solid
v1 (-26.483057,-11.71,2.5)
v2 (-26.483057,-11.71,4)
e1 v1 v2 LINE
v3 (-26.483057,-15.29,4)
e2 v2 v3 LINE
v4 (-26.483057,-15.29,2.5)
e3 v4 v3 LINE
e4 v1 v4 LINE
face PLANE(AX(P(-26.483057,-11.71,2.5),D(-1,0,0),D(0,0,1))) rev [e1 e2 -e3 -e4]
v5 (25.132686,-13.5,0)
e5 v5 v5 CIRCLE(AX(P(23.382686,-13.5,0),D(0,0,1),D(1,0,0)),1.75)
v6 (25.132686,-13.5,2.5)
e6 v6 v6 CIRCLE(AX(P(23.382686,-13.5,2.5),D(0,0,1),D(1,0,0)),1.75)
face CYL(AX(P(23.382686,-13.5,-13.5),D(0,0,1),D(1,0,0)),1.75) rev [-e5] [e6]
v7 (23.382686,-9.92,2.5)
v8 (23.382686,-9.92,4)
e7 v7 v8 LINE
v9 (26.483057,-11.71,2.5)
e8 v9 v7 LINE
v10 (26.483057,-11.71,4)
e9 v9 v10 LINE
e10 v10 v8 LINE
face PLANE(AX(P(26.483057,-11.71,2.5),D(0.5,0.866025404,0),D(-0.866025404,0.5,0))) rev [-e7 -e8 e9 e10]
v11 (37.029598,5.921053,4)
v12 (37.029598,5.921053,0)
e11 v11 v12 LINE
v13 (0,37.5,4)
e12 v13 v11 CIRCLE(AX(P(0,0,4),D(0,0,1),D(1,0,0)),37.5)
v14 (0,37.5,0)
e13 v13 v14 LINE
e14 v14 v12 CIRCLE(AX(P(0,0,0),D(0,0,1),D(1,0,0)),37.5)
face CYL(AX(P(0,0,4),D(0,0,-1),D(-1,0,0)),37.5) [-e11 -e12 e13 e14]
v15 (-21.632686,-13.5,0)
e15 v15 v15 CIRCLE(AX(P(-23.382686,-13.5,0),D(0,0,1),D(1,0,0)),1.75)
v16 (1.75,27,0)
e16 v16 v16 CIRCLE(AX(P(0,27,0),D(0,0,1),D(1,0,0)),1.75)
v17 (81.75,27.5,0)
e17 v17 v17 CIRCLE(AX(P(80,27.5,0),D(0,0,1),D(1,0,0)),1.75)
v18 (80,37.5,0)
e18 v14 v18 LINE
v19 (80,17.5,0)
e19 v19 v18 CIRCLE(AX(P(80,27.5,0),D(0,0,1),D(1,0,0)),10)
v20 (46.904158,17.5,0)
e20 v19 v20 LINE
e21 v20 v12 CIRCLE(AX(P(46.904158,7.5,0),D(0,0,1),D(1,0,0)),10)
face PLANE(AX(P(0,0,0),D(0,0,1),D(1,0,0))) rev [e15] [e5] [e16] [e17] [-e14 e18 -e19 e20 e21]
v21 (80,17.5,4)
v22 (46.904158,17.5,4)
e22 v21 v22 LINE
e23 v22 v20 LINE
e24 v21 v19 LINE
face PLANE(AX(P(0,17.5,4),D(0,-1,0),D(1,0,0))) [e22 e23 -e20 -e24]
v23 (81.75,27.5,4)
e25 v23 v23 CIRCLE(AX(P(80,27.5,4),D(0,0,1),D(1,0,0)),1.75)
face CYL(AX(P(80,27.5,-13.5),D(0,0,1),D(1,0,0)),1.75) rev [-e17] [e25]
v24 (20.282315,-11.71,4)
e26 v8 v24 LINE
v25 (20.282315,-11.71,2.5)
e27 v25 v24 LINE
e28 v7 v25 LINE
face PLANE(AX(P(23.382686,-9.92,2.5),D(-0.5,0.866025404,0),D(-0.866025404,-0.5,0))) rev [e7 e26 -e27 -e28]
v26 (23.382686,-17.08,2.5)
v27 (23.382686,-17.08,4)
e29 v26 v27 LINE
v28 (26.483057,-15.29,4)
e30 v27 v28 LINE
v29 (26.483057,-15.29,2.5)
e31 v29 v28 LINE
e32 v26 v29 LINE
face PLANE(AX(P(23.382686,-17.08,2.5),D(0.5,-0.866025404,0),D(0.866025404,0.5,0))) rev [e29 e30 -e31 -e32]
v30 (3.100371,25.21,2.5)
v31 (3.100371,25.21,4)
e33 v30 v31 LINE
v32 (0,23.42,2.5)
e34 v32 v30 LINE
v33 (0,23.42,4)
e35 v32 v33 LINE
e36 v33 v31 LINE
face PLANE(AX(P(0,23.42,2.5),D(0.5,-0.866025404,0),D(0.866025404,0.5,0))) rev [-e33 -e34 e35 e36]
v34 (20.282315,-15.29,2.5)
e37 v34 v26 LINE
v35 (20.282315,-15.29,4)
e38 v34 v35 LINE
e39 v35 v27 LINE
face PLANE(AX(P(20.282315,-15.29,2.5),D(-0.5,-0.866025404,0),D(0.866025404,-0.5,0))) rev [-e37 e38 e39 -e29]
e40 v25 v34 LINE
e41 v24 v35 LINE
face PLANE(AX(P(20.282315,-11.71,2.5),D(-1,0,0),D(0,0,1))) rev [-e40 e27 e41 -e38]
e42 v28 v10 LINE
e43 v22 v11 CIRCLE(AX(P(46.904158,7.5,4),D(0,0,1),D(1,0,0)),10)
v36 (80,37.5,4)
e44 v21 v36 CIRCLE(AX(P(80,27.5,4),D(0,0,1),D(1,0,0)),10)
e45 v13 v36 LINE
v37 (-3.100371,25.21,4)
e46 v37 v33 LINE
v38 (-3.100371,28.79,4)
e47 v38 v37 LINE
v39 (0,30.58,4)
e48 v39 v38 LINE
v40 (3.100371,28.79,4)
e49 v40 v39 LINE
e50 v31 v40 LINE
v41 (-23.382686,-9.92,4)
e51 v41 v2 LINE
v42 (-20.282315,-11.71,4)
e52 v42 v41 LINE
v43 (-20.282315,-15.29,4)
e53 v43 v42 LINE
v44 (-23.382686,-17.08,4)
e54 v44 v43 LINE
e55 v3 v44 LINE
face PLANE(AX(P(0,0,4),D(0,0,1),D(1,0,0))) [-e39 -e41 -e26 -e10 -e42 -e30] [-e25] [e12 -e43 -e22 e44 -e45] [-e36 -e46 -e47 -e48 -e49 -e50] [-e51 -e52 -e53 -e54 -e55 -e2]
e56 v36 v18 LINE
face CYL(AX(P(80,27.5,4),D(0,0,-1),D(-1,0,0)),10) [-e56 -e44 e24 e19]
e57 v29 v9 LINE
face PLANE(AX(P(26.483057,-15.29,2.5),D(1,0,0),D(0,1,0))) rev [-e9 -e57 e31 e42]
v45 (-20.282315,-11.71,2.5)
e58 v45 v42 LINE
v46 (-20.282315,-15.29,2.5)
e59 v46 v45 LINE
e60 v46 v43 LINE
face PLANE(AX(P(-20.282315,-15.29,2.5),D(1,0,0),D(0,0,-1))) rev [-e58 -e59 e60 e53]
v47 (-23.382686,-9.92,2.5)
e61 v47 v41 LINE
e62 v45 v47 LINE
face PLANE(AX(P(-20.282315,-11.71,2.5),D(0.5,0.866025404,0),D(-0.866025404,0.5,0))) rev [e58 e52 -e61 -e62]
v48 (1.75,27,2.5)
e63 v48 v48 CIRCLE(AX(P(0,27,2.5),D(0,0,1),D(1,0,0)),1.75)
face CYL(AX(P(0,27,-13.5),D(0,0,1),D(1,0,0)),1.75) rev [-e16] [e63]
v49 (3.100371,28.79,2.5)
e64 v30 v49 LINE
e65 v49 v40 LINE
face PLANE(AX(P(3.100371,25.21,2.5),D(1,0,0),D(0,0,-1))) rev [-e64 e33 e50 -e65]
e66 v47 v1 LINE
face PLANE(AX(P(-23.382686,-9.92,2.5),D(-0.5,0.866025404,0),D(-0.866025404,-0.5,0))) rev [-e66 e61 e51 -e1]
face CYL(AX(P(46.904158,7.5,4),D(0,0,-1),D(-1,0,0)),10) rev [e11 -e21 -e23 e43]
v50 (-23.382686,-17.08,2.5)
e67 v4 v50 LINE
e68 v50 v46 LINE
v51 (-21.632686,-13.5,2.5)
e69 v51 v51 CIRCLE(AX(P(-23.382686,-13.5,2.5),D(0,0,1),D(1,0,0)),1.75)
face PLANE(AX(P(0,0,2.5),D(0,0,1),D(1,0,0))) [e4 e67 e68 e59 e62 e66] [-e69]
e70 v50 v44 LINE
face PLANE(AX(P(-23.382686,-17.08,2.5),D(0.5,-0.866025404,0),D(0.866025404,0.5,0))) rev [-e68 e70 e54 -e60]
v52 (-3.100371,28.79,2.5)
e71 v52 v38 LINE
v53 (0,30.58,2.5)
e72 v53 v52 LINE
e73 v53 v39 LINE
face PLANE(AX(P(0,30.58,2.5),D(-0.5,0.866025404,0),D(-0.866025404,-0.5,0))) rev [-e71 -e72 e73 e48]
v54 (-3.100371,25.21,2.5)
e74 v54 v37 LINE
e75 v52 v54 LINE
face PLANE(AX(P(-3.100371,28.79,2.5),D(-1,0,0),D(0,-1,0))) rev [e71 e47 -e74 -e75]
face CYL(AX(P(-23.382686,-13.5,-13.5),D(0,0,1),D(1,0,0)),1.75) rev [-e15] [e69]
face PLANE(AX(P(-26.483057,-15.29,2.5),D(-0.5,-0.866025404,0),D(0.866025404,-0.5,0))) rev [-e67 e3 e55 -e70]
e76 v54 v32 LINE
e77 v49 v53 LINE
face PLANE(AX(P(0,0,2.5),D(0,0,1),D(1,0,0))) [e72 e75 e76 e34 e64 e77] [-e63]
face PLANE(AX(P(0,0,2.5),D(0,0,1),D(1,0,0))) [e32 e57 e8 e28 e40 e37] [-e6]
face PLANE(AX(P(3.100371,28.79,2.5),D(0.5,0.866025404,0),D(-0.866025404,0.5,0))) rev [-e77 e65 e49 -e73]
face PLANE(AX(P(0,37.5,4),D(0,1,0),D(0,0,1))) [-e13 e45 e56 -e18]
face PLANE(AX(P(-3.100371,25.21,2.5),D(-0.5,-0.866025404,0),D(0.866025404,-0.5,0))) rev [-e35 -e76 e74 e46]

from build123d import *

# Parameters (mm, degrees)
BOSS_EXTRUDE1_DEPTH = 4
CUT_EXTRUDE1_DEPTH  = 1.5
SKETCH4_R           = 1.75
CUT_EXTRUDE3_DEPTH  = 17.5
SKETCH5_R           = 1.75
CUT_EXTRUDE4_DEPTH  = 17.5


with BuildPart() as part:
    # Sketch2 → Boss-Extrude1 (new body)
    with BuildSketch(Plane.XY):
        with BuildLine():
            Line((80, 37.5), (0, 37.5))
            ThreePointArc((0, 37.5), (-34.824248161, -13.911209149), (25.837194647, -27.178840534))
            ThreePointArc((25.837194647, -27.178840534), (35.524064233, -12.01211307), (37.029598104, 5.921052632))
            ThreePointArc((37.029598104, 5.921052632), (39.295298496, 13.988856845), (46.904157598, 17.5))
            Line((46.904157598, 17.5), (80, 17.5))
            ThreePointArc((80, 17.5), (90, 27.5), (80, 37.5))
        make_face()
    extrude(amount=BOSS_EXTRUDE1_DEPTH)

    # Sketch3 → Cut-Extrude1 (cut)
    with BuildSketch(Plane.XY.offset(4)):
        Polygon((26.483056848, -15.29), (26.483056848, -11.71), (23.382685902, -9.92), (20.282314957, -11.71), (20.282314957, -15.29), (23.382685902, -17.08), align=None)
        Polygon((0, 30.58), (-3.100370946, 28.79), (-3.100370946, 25.21), (0, 23.42), (3.100370946, 25.21), (3.100370946, 28.79), align=None)
        Polygon((-26.483056848, -15.29), (-23.382685902, -17.08), (-20.282314957, -15.29), (-20.282314957, -11.71), (-23.382685902, -9.92), (-26.483056848, -11.71), align=None)
    extrude(amount=-CUT_EXTRUDE1_DEPTH, mode=Mode.SUBTRACT)

    # Sketch4 → Cut-Extrude3 (cut)
    with BuildSketch(Plane.XY.offset(4)):
        with Locations((0, 27)):
            Circle(SKETCH4_R)
        with Locations((23.382685902, -13.5)):
            Circle(SKETCH4_R)
        with Locations((-23.382685902, -13.5)):
            Circle(SKETCH4_R)
    extrude(amount=-CUT_EXTRUDE3_DEPTH, mode=Mode.SUBTRACT)

    # Sketch5 → Cut-Extrude4 (cut)
    with BuildSketch(Plane.XY.offset(4)):
        with Locations((80, 27.5)):
            Circle(SKETCH5_R)
    extrude(amount=-CUT_EXTRUDE4_DEPTH, mode=Mode.SUBTRACT)


solid = part.part
